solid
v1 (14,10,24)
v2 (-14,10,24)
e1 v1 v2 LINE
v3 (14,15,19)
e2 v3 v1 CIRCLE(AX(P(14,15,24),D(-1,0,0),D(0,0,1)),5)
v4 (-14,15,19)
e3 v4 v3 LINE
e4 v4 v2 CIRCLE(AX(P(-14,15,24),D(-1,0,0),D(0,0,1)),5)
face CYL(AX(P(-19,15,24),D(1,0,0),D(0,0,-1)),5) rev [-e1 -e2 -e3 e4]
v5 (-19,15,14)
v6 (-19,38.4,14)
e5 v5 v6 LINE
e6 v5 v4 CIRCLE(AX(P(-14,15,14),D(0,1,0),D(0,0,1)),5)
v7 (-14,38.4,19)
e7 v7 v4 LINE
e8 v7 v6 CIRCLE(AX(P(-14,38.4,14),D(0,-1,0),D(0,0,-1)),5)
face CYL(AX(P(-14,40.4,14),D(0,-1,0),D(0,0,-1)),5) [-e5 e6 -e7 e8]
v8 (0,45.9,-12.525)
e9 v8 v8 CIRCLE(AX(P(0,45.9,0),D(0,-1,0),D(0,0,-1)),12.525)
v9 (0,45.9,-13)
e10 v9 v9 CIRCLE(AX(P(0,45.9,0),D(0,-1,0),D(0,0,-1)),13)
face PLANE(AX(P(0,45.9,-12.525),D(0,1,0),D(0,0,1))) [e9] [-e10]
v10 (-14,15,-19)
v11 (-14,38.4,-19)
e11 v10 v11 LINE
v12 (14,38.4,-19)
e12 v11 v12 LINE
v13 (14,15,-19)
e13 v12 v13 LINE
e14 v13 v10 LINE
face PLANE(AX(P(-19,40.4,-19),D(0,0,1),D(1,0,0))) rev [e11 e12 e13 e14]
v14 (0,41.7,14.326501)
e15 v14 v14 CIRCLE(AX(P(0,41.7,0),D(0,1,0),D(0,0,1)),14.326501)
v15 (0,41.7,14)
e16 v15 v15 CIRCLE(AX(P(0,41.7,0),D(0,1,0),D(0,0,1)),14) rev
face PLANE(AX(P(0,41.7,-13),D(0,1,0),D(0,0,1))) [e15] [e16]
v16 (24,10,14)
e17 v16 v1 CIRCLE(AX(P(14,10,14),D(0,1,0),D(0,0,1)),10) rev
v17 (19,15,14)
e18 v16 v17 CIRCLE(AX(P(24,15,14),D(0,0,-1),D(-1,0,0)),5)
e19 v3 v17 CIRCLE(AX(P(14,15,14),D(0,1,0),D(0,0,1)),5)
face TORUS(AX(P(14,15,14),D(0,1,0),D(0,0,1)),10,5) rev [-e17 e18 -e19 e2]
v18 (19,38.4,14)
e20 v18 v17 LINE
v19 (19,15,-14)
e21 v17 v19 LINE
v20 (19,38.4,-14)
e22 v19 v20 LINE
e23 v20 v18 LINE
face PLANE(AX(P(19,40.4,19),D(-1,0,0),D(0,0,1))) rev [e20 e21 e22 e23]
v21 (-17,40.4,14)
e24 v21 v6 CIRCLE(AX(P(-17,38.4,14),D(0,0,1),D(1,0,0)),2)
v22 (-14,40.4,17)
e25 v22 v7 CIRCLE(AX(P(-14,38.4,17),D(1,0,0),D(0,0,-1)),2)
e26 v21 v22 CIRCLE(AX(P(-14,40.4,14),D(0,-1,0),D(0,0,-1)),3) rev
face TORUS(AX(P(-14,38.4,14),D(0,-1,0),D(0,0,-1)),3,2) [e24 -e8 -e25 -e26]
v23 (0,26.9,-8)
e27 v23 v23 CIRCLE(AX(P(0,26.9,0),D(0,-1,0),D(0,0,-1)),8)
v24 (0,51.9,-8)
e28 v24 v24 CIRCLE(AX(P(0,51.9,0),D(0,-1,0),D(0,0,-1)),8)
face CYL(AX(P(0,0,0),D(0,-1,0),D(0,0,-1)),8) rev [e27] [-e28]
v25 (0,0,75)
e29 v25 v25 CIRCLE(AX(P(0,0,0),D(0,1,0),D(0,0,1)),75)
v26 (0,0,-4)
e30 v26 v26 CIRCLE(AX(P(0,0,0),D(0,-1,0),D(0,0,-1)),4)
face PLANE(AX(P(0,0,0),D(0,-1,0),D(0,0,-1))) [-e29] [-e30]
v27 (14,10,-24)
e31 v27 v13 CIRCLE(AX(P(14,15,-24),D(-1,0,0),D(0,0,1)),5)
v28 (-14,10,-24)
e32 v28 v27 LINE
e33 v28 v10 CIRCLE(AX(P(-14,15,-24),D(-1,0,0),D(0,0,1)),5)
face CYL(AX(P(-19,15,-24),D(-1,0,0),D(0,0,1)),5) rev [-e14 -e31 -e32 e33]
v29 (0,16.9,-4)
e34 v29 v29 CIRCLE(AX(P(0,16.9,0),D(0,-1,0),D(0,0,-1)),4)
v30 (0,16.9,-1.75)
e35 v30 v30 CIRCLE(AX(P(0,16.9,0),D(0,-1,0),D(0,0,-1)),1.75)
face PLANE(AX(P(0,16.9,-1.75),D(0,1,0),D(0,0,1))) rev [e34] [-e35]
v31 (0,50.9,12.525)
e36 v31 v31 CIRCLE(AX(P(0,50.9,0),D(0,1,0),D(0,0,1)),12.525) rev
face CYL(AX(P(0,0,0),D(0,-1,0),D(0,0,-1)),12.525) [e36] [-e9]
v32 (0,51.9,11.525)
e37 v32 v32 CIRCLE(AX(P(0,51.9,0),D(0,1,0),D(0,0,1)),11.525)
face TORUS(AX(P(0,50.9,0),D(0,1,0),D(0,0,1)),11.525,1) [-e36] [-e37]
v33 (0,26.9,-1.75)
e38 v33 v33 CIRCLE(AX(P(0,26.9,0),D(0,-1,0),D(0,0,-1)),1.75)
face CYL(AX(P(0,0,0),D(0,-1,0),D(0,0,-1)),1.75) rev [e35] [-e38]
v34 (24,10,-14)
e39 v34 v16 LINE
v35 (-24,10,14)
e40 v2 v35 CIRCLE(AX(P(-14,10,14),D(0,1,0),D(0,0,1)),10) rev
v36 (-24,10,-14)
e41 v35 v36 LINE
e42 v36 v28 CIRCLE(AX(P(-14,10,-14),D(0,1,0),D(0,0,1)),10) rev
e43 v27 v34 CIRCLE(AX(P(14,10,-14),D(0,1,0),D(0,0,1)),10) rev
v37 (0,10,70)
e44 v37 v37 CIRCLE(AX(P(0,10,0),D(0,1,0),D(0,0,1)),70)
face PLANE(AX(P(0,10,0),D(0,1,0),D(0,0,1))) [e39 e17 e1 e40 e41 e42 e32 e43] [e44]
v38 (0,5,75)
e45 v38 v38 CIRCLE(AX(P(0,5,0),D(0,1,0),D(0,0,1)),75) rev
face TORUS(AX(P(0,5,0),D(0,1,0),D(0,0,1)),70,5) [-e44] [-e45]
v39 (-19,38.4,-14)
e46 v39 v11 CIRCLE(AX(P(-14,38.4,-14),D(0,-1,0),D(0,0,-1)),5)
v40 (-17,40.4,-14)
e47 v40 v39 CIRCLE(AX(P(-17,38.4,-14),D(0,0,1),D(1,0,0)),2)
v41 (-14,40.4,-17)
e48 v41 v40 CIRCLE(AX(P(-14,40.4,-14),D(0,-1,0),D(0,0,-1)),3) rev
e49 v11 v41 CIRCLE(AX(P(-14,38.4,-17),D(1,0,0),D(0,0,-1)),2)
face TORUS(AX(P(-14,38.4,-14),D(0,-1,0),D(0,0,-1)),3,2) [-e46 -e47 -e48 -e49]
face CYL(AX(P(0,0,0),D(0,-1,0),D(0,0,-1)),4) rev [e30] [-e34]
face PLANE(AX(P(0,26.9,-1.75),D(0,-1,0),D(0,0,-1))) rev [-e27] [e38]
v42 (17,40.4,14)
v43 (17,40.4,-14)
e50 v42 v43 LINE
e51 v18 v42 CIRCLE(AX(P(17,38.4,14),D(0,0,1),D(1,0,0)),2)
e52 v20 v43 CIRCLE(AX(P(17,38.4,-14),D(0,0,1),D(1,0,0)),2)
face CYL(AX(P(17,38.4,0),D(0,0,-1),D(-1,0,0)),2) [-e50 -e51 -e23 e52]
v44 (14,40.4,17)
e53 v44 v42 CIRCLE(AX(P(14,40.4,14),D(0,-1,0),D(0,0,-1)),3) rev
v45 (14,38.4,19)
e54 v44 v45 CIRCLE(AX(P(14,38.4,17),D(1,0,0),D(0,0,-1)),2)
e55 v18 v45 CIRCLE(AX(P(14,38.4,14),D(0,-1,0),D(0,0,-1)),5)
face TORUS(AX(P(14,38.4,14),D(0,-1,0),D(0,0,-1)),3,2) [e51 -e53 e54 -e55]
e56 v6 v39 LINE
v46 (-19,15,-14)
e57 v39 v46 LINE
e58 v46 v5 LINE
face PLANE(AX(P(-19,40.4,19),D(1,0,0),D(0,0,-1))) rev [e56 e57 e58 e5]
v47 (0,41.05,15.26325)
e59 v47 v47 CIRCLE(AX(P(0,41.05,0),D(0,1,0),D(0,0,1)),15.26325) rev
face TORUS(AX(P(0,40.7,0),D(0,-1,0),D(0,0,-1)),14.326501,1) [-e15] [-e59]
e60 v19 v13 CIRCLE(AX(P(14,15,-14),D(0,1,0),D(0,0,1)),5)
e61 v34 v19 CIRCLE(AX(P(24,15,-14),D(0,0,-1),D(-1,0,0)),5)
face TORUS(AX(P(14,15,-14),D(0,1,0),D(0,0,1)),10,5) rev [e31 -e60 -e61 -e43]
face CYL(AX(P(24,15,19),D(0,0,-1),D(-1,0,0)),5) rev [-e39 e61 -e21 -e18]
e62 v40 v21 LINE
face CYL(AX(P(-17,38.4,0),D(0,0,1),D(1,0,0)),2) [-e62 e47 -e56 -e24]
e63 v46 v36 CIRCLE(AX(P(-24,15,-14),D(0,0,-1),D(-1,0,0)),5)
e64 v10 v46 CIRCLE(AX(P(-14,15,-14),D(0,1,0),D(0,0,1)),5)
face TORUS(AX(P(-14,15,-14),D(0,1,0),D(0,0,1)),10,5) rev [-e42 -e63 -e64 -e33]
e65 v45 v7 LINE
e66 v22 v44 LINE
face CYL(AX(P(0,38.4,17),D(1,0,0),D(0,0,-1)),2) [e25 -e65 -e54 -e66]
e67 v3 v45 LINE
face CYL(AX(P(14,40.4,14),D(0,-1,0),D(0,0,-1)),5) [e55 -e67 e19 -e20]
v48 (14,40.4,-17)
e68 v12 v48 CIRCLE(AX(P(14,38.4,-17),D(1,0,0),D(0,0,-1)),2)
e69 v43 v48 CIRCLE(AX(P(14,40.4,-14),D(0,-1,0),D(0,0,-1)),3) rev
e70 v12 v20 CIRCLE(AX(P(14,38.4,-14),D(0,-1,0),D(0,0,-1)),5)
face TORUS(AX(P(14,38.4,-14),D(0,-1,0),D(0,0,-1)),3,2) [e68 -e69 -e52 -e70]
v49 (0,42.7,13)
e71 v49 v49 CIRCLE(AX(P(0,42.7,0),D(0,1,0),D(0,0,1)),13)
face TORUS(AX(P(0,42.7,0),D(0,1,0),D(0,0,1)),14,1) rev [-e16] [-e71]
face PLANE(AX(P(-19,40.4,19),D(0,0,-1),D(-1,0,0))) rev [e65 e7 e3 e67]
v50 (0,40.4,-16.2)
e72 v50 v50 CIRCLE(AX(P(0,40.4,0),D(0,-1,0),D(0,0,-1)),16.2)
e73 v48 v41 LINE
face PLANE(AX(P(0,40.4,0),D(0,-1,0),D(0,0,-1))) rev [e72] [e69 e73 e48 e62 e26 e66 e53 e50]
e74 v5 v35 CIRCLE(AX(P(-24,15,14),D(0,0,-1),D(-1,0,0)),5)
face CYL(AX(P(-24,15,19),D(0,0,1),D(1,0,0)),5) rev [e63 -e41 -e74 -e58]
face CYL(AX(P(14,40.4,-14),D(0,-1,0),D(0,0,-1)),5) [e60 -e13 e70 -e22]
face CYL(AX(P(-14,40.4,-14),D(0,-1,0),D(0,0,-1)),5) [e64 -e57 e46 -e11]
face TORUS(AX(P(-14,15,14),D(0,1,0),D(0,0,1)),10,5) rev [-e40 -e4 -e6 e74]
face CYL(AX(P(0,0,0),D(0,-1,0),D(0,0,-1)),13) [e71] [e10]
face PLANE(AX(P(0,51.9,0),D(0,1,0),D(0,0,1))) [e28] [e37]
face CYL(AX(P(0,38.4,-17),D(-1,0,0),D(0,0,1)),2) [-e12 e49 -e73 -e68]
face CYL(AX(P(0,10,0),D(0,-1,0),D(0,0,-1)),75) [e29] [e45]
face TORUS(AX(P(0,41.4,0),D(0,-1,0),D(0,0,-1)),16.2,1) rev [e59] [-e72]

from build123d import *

# Parameters (mm, degrees)
SKETCH1_W      = 380
SKETCH1_H      = 380
EXTRUDE1_DEPTH = 404
SKETCH4_R      = 750
EXTRUDE2_DEPTH = 100
FILLET1_R      = 50
FILLET2_R      = 50
FILLET3_R      = 50
FILLET4_R      = 20
FILLET5_R      = 10
FILLET6_R      = 10
FILLET7_R      = 10
SCALE1_SCALE   = 0.1


with BuildPart() as part:
    # Sketch1 → Extrude1 (new body)
    with BuildSketch(Plane(origin=(0, 0, 0), x_dir=(1, 0, 0), z_dir=(0, 1, 0))):
        Rectangle(SKETCH1_W, SKETCH1_H)
    extrude(amount=EXTRUDE1_DEPTH)

    # Sketch4 → Extrude2 (add)
    with BuildSketch(Plane(origin=(0, 0, 0), x_dir=(1, 0, 0), z_dir=(0, 1, 0))):
        with Locations(Location((0, 0, 0), (0, 0, 270))):
            Circle(SKETCH4_R)
    extrude(amount=EXTRUDE2_DEPTH)

    # Fillet1
    fillet1_edges = [part.edges().sort_by_distance(p)[0] for p in [
        (190, 252, 190),
        (-190, 252, 190),
        (-190, 252, -190),
        (190, 252, -190),
    ]]
    fillet(fillet1_edges, radius=FILLET1_R)

    # Sketch2 → Revolve1 (revolve)
    with BuildSketch(Plane(origin=(0, 0, 0), x_dir=(0, 0, -1), z_dir=(1, 0, 0))):
        Polygon((125.25, 459), (130, 459), (130, 417), (152, 417), (152, 404), (0, 404), (0, 519), (125.25, 519), align=None)
    revolve(axis=Axis((0, 0, 0), (0, 1, 0)))

    # Sketch3 → Cut-Revolve1 (revolve, cut)
    with BuildSketch(Plane(origin=(0, 0, 0), x_dir=(0, 0, -1), z_dir=(1, 0, 0))):
        Polygon((0, 519), (80, 519), (80, 269), (17.5, 269), (17.5, 169), (40, 169), (40, 0), (0, 0), align=None)
    revolve(axis=Axis((0, 0, 0), (0, 1, 0)), mode=Mode.SUBTRACT)

    # Fillet2
    fillet2_edges = [part.edges().sort_by_distance(p)[0] for p in [
        (0, 100, -750),
    ]]
    fillet(fillet2_edges, radius=FILLET2_R)

    # Fillet3
    fillet3_edges = [part.edges().sort_by_distance(p)[0] for p in [
        (0, 100, 190),
        (-190, 100, 0),
        (0, 100, -190),
        (190, 100, 0),
        (-175.355339059, 100, 175.355339059),
        (-175.355339059, 100, -175.355339059),
        (175.355339059, 100, -175.355339059),
        (175.355339059, 100, 175.355339059),
    ]]
    fillet(fillet3_edges, radius=FILLET3_R)

    # Fillet4
    fillet4_edges = [part.edges().sort_by_distance(p)[0] for p in [
        (0, 404, 190),
        (-190, 404, 0),
        (190, 404, 0),
        (0, 404, -190),
        (175.355339059, 404, 175.355339059),
        (175.355339059, 404, -175.355339059),
        (-175.355339059, 404, -175.355339059),
        (-175.355339059, 404, 175.355339059),
    ]]
    fillet(fillet4_edges, radius=FILLET4_R)

    # Fillet5
    fillet5_edges = [part.edges().sort_by_distance(p)[0] for p in [
        (0, 519, 125.25),
    ]]
    fillet(fillet5_edges, radius=FILLET5_R)

    # Fillet6
    fillet6_edges = [part.edges().sort_by_distance(p)[0] for p in [
        (0, 404, 152),
        (0, 417, 130),
    ]]
    fillet(fillet6_edges, radius=FILLET6_R)

    # Fillet7
    fillet7_edges = [part.edges().sort_by_distance(p)[0] for p in [
        (0, 417, 152),
    ]]
    fillet(fillet7_edges, radius=FILLET7_R)


with BuildPart() as part_1:
    # Scale1: scaled about (0, 0, 0)
    add(part.part.scale(SCALE1_SCALE))


solid = part_1.part
